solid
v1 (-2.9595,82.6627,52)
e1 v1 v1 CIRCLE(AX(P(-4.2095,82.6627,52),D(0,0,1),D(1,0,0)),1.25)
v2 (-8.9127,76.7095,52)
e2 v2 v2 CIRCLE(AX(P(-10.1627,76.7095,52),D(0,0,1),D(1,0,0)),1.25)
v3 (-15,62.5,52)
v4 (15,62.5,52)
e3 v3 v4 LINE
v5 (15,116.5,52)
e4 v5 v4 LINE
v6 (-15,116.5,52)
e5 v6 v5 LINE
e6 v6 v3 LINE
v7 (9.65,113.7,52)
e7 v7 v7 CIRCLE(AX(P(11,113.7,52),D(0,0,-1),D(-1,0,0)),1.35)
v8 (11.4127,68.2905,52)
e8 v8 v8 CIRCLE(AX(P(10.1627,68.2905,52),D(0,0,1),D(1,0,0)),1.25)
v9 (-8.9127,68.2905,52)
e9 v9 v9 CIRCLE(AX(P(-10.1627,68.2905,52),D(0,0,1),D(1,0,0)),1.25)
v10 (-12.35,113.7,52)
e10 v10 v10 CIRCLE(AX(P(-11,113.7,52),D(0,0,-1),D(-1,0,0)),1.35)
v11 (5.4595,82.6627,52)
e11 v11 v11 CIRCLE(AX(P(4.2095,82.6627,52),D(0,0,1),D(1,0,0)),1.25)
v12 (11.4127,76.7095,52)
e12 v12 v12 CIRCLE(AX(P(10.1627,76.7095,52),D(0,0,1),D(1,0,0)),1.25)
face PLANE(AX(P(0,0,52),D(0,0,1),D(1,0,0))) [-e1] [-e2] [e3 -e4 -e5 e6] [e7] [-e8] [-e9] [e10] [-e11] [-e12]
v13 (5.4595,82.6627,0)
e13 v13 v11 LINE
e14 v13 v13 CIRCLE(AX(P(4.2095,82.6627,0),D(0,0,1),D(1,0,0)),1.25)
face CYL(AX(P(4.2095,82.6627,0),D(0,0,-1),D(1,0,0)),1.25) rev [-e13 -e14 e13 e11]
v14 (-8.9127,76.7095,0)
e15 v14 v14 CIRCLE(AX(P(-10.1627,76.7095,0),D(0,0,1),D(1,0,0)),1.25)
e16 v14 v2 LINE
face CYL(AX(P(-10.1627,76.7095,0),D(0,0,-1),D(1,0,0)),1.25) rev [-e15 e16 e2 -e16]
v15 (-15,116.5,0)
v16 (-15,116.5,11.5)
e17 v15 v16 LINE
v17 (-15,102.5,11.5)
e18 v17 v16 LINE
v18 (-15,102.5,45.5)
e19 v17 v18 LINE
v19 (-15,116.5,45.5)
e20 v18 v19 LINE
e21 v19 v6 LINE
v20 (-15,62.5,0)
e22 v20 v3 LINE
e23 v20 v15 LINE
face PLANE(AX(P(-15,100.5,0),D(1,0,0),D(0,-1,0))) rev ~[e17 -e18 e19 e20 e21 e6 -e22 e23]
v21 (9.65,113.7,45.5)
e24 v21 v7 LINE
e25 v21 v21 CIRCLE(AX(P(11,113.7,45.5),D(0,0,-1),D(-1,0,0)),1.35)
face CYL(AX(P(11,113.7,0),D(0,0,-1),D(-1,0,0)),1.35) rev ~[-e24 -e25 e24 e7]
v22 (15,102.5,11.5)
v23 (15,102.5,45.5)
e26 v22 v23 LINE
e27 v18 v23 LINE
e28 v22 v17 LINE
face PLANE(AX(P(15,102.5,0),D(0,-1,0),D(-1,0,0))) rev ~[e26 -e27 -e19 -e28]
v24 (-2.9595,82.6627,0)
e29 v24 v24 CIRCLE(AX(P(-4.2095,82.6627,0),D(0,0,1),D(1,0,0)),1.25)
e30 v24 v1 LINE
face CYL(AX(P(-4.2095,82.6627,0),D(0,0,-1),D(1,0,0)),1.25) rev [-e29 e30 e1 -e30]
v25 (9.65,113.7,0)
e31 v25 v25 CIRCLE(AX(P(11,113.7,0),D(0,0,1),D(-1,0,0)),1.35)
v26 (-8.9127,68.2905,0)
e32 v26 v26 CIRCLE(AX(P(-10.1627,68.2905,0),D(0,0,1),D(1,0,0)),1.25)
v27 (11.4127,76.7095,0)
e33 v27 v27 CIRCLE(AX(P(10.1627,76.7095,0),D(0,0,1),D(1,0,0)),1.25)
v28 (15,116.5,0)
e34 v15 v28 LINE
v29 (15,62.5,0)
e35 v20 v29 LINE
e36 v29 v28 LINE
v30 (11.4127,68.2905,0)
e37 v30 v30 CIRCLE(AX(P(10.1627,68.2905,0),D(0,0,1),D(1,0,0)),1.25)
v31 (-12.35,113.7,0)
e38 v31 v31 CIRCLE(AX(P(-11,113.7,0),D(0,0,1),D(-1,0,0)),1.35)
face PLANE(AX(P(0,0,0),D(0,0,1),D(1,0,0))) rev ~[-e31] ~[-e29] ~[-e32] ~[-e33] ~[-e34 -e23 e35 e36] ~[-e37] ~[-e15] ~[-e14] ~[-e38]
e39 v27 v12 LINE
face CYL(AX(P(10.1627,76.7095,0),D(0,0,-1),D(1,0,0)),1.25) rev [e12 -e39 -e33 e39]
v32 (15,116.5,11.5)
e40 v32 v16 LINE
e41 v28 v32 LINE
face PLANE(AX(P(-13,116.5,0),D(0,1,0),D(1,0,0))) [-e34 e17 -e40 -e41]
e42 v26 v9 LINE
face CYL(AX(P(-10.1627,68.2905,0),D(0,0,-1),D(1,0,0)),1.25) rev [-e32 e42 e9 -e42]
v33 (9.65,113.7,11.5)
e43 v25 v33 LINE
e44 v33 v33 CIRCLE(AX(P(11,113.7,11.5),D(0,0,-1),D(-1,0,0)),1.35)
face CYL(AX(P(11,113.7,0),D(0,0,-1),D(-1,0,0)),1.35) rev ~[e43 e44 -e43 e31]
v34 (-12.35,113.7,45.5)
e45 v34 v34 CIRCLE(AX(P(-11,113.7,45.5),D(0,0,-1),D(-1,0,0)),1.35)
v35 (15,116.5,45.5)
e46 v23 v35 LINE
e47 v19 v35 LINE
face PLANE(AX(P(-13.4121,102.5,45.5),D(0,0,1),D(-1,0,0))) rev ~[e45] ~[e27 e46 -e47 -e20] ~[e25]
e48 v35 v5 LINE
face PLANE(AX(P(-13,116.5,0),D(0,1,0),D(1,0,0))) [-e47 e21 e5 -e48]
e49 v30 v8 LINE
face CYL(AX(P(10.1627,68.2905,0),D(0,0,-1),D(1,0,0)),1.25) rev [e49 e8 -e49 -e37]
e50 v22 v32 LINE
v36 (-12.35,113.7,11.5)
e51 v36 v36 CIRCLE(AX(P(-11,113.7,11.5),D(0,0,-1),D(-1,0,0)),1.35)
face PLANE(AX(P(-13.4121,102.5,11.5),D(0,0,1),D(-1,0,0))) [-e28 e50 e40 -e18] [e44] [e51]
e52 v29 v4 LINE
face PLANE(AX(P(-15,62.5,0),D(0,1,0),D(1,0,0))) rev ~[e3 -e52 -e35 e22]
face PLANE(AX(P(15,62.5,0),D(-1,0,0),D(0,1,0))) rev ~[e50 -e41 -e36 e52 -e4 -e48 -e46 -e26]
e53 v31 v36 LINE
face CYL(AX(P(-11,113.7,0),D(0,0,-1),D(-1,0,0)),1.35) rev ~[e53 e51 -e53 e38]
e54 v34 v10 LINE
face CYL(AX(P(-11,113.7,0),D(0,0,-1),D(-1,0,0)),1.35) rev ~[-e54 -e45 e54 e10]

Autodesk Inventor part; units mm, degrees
ref_plane "YZ Plane" through (0, 0, 0) normal (1, 0, 0) x (0, 1, 0)
sketch "스케치1" plane through (0, 0, 0) normal (0, 0, 1) x (1, 0, 0)
  arc A0 (15, 100.5) -> (13, 102.5) centre (13, 100.5) ccw projected
  line L0 (13, 102.5) -> (-13, 102.5) projected
  arc A1 (-13, 102.5) -> (-15, 100.5) centre (-13, 100.5) ccw projected
  line L1 (-15, 100.5) -> (-15, -100.5) projected
  arc A2 (-15, -100.5) -> (-13, -102.5) centre (-13, -100.5) ccw projected
  line L2 (-13, -102.5) -> (-7, -102.5) projected
  arc A3 (-7, -102.5) -> (-5, -100.5) centre (-7, -100.5) ccw projected
  line L3 (-5, -100.5) -> (-5, -92.5) projected
  arc A4 (5, -92.5) -> (-5, -92.5) centre (0, -92.5) ccw projected
  line L4 (5, -92.5) -> (5, -100.5) projected
  arc A5 (5, -100.5) -> (7, -102.5) centre (7, -100.5) ccw projected
  line L5 (7, -102.5) -> (13, -102.5) projected
  arc A6 (13, -102.5) -> (15, -100.5) centre (13, -100.5) ccw projected
  line L6 (15, -100.5) -> (15, 100.5) projected
  circle A7 centre (7.7782, -100.2782) radius 1.25 projected
  circle A8 centre (0, -81.5) radius 1.25 projected
  circle A9 centre (-11, -92.5) radius 1.25 projected
  circle A10 centre (11, -92.5) radius 1.25 projected
  circle A11 centre (-7.7782, -100.2782) radius 1.25 projected
  circle A12 centre (7.7782, -84.7218) radius 1.25 projected
  circle A13 centre (-7.7782, -84.7218) radius 1.25 projected
  circle A14 centre (-10.1627, 76.7095) radius 1.25 projected
  circle A15 centre (-10.1627, 68.2905) radius 1.25 projected
  circle A16 centre (10.1627, 68.2905) radius 1.25 projected
  circle A17 centre (10.1627, 76.7095) radius 1.25 projected
  circle A18 centre (4.2095, 82.6627) radius 1.25 projected
  circle A19 centre (-4.2095, 82.6627) radius 1.25 projected
  line L7 (0, 102.5) -> (0, 82.5)
  line L8 (15, 102.5) -> (-15, 102.5)
  line L9 (-15, 102.5) -> (-15, 62.5)
  line L10 (-15, 62.5) -> (15, 62.5)
  line L11 (15, 62.5) -> (15, 102.5)
  line L12 (15, 102.5) -> (-15, 62.5) construction
  line L13 (-15, 102.5) -> (15, 62.5) construction
  point P0 (0, 0)
  dimension "d0" = 20
  dimension "d1" = 40
ref_plane "작업 평면1" through (-15, -102.5, 52) normal (0, 0, -1) x (0, 1, 0)
extrude "돌출1" add sketch "스케치1" along normal up to surface (52 mm away) contours L6 L10 L1 A1 L0 A0
sketch "스케치2" plane through (-13, 102.5, 0) normal (0, 1, 0) x (1, 0, 0)
  line L0 (-0.4121, -11.5) -> (26.4121, -11.5) projected
  line L1 (-0.4121, -45.5) -> (26.4121, -45.5) projected
  line L2 (-2, 0) -> (-2, -52) projected
  line L3 (28, 0) -> (28, -52) projected
  line L4 (-2, -52) -> (28, -52)
  line L5 (28, -52) -> (28, -45.5)
  line L6 (28, -45.5) -> (-2, -45.5)
  line L7 (-2, -45.5) -> (-2, -52)
  line L8 (-2, 0) -> (28, 0)
  line L9 (28, 0) -> (28, -11.5)
  line L10 (28, -11.5) -> (-2, -11.5)
  line L11 (-2, -11.5) -> (-2, 0)
  point P0 (13, 0)
  dimension "d4" = 30
ref_plane "작업 평면2" through (-7.15, 116.5, 9.5) normal (0, -1, 0) x (1, 0, 0)
extrude "돌출2" add sketch "스케치2" along normal up to surface (14 mm away) contours L10 L2 L8 L3 L0 | L6 L1 L3 L4 L2
sketch "스케치3" plane through (0, 0, 0) normal (0, 0, -1) x (-1, 0, 0)
  line L0 (-15, 102.5) -> (-13, 102.5) projected
  line L1 (-15, 62.5) -> (-15, 100.5) projected
  line L2 (-15, 102.5) -> (-15, 100.5)
  line L3 (15, 100.5) -> (15, 62.5) projected
  line L4 (-15, 100.5) -> (15, 100.5)
  line L5 (15, 100.5) -> (15, 102.5)
  arc A0 (15, 100.5) -> (13, 102.5) centre (13, 100.5) ccw projected
  line L6 (-15, 102.5) -> (15, 102.5)
  line L7 (13, 102.5) -> (-13, 102.5) projected
  point P0 (0, 0)
extrude "돌출3" add sketch "스케치3" against normal up to surface (52 mm away)
sketch "스케치4" plane through (0, 0, 0) normal (0, 0, -1) x (-1, 0, 0)
  circle A0 centre (-17.3, 119) radius 1.35 projected
  circle A1 centre (17.3, 119) radius 1.35 projected
  line L0 (-20.1, 119.3234) -> (-20.1, 163.5766) projected
  arc A2 (-20.1, 119.3234) -> (-19.5808, 117.6364) centre (-17.1, 119.3234) ccw projected
  line L1 (-15.8929, 112.2131) -> (-19.5808, 117.6364) projected
  arc A3 (-15.8929, 112.2131) -> (-13.4121, 110.9) centre (-13.4121, 113.9) ccw projected
  line L2 (13.4121, 110.9) -> (-13.4121, 110.9) projected
  arc A4 (13.4121, 110.9) -> (15.8929, 112.2131) centre (13.4121, 113.9) ccw projected
  line L3 (19.5808, 117.6364) -> (15.8929, 112.2131) projected
  arc A5 (19.5808, 117.6364) -> (20.1, 119.3234) centre (17.1, 119.3234) ccw projected
  line L4 (20.1, 163.5766) -> (20.1, 119.3234) projected
  arc A6 (20.1, 163.5766) -> (19.5808, 165.2636) centre (17.1, 163.5766) ccw projected
  line L5 (15.5953, 171.1246) -> (19.5808, 165.2636) projected
  arc A7 (15.5953, 171.1246) -> (13.9414, 172) centre (13.9414, 170) ccw projected
  line L6 (6.65, 172) -> (13.9414, 172) projected
  arc A8 (8.15, 170.5) -> (6.65, 172) centre (6.65, 170.5) ccw projected
  line L7 (8.15, 170.5) -> (8.15, 168) projected
  arc A9 (8.15, 168) -> (10.5, 165.65) centre (10.5, 168) ccw projected
  line L8 (10.5, 165.65) -> (13.5, 165.65) projected
  arc A10 (14.5, 164.65) -> (13.5, 165.65) centre (13.5, 164.65) ccw projected
  line L9 (14.5, 164.65) -> (14.5, 123.85) projected
  arc A11 (13.5, 122.85) -> (14.5, 123.85) centre (13.5, 123.85) ccw projected
  line L10 (13.5, 122.85) -> (10.5, 122.85) projected
  arc A12 (10.5, 122.85) -> (8.15, 120.5) centre (10.5, 120.5) ccw projected
  line L11 (8.15, 120.5) -> (8.15, 117.5) projected
  arc A13 (7.15, 116.5) -> (8.15, 117.5) centre (7.15, 117.5) ccw projected
  line L12 (7.15, 116.5) -> (-7.15, 116.5) projected
  arc A14 (-8.15, 117.5) -> (-7.15, 116.5) centre (-7.15, 117.5) ccw projected
  line L13 (-8.15, 117.5) -> (-8.15, 120.5) projected
  arc A15 (-8.15, 120.5) -> (-10.5, 122.85) centre (-10.5, 120.5) ccw projected
  line L14 (-10.5, 122.85) -> (-13.5, 122.85) projected
  arc A16 (-14.5, 123.85) -> (-13.5, 122.85) centre (-13.5, 123.85) ccw projected
  line L15 (-14.5, 123.85) -> (-14.5, 164.65) projected
  arc A17 (-13.5, 165.65) -> (-14.5, 164.65) centre (-13.5, 164.65) ccw projected
  line L16 (-13.5, 165.65) -> (-10.5, 165.65) projected
  arc A18 (-10.5, 165.65) -> (-8.15, 168) centre (-10.5, 168) ccw projected
  line L17 (-8.15, 168) -> (-8.15, 170.5) projected
  arc A19 (-6.65, 172) -> (-8.15, 170.5) centre (-6.65, 170.5) ccw projected
  line L18 (-13.9414, 172) -> (-6.65, 172) projected
  arc A20 (-13.9414, 172) -> (-15.5953, 171.1246) centre (-13.9414, 170) ccw projected
  line L19 (-19.5808, 165.2636) -> (-15.5953, 171.1246) projected
  arc A21 (-19.5808, 165.2636) -> (-20.1, 163.5766) centre (-17.1, 163.5766) ccw projected
  arc A22 (15.95, 163) -> (18.65, 163) centre (17.3, 163) ccw projected
  arc A23 (18.65, 163) -> (15.95, 163) centre (17.3, 163) ccw projected
  arc A24 (15.95, 141) -> (18.65, 141) centre (17.3, 141) ccw projected
  arc A25 (18.65, 141) -> (15.95, 141) centre (17.3, 141) ccw projected
  arc A26 (9.65, 113.7) -> (12.35, 113.7) centre (11, 113.7) ccw projected
  arc A27 (12.35, 113.7) -> (9.65, 113.7) centre (11, 113.7) ccw projected
  arc A28 (-18.65, 163) -> (-15.95, 163) centre (-17.3, 163) ccw projected
  arc A29 (-15.95, 163) -> (-18.65, 163) centre (-17.3, 163) ccw projected
  arc A30 (-18.65, 141) -> (-15.95, 141) centre (-17.3, 141) ccw projected
  arc A31 (-15.95, 141) -> (-18.65, 141) centre (-17.3, 141) ccw projected
  arc A32 (-12.35, 113.7) -> (-9.65, 113.7) centre (-11, 113.7) ccw projected
  arc A33 (-9.65, 113.7) -> (-12.35, 113.7) centre (-11, 113.7) ccw projected
  point P0 (0, 0)
extrude "돌출4" cut sketch "스케치4" against normal through all contours A27 A26 | A33 A32
properties part number "link"
